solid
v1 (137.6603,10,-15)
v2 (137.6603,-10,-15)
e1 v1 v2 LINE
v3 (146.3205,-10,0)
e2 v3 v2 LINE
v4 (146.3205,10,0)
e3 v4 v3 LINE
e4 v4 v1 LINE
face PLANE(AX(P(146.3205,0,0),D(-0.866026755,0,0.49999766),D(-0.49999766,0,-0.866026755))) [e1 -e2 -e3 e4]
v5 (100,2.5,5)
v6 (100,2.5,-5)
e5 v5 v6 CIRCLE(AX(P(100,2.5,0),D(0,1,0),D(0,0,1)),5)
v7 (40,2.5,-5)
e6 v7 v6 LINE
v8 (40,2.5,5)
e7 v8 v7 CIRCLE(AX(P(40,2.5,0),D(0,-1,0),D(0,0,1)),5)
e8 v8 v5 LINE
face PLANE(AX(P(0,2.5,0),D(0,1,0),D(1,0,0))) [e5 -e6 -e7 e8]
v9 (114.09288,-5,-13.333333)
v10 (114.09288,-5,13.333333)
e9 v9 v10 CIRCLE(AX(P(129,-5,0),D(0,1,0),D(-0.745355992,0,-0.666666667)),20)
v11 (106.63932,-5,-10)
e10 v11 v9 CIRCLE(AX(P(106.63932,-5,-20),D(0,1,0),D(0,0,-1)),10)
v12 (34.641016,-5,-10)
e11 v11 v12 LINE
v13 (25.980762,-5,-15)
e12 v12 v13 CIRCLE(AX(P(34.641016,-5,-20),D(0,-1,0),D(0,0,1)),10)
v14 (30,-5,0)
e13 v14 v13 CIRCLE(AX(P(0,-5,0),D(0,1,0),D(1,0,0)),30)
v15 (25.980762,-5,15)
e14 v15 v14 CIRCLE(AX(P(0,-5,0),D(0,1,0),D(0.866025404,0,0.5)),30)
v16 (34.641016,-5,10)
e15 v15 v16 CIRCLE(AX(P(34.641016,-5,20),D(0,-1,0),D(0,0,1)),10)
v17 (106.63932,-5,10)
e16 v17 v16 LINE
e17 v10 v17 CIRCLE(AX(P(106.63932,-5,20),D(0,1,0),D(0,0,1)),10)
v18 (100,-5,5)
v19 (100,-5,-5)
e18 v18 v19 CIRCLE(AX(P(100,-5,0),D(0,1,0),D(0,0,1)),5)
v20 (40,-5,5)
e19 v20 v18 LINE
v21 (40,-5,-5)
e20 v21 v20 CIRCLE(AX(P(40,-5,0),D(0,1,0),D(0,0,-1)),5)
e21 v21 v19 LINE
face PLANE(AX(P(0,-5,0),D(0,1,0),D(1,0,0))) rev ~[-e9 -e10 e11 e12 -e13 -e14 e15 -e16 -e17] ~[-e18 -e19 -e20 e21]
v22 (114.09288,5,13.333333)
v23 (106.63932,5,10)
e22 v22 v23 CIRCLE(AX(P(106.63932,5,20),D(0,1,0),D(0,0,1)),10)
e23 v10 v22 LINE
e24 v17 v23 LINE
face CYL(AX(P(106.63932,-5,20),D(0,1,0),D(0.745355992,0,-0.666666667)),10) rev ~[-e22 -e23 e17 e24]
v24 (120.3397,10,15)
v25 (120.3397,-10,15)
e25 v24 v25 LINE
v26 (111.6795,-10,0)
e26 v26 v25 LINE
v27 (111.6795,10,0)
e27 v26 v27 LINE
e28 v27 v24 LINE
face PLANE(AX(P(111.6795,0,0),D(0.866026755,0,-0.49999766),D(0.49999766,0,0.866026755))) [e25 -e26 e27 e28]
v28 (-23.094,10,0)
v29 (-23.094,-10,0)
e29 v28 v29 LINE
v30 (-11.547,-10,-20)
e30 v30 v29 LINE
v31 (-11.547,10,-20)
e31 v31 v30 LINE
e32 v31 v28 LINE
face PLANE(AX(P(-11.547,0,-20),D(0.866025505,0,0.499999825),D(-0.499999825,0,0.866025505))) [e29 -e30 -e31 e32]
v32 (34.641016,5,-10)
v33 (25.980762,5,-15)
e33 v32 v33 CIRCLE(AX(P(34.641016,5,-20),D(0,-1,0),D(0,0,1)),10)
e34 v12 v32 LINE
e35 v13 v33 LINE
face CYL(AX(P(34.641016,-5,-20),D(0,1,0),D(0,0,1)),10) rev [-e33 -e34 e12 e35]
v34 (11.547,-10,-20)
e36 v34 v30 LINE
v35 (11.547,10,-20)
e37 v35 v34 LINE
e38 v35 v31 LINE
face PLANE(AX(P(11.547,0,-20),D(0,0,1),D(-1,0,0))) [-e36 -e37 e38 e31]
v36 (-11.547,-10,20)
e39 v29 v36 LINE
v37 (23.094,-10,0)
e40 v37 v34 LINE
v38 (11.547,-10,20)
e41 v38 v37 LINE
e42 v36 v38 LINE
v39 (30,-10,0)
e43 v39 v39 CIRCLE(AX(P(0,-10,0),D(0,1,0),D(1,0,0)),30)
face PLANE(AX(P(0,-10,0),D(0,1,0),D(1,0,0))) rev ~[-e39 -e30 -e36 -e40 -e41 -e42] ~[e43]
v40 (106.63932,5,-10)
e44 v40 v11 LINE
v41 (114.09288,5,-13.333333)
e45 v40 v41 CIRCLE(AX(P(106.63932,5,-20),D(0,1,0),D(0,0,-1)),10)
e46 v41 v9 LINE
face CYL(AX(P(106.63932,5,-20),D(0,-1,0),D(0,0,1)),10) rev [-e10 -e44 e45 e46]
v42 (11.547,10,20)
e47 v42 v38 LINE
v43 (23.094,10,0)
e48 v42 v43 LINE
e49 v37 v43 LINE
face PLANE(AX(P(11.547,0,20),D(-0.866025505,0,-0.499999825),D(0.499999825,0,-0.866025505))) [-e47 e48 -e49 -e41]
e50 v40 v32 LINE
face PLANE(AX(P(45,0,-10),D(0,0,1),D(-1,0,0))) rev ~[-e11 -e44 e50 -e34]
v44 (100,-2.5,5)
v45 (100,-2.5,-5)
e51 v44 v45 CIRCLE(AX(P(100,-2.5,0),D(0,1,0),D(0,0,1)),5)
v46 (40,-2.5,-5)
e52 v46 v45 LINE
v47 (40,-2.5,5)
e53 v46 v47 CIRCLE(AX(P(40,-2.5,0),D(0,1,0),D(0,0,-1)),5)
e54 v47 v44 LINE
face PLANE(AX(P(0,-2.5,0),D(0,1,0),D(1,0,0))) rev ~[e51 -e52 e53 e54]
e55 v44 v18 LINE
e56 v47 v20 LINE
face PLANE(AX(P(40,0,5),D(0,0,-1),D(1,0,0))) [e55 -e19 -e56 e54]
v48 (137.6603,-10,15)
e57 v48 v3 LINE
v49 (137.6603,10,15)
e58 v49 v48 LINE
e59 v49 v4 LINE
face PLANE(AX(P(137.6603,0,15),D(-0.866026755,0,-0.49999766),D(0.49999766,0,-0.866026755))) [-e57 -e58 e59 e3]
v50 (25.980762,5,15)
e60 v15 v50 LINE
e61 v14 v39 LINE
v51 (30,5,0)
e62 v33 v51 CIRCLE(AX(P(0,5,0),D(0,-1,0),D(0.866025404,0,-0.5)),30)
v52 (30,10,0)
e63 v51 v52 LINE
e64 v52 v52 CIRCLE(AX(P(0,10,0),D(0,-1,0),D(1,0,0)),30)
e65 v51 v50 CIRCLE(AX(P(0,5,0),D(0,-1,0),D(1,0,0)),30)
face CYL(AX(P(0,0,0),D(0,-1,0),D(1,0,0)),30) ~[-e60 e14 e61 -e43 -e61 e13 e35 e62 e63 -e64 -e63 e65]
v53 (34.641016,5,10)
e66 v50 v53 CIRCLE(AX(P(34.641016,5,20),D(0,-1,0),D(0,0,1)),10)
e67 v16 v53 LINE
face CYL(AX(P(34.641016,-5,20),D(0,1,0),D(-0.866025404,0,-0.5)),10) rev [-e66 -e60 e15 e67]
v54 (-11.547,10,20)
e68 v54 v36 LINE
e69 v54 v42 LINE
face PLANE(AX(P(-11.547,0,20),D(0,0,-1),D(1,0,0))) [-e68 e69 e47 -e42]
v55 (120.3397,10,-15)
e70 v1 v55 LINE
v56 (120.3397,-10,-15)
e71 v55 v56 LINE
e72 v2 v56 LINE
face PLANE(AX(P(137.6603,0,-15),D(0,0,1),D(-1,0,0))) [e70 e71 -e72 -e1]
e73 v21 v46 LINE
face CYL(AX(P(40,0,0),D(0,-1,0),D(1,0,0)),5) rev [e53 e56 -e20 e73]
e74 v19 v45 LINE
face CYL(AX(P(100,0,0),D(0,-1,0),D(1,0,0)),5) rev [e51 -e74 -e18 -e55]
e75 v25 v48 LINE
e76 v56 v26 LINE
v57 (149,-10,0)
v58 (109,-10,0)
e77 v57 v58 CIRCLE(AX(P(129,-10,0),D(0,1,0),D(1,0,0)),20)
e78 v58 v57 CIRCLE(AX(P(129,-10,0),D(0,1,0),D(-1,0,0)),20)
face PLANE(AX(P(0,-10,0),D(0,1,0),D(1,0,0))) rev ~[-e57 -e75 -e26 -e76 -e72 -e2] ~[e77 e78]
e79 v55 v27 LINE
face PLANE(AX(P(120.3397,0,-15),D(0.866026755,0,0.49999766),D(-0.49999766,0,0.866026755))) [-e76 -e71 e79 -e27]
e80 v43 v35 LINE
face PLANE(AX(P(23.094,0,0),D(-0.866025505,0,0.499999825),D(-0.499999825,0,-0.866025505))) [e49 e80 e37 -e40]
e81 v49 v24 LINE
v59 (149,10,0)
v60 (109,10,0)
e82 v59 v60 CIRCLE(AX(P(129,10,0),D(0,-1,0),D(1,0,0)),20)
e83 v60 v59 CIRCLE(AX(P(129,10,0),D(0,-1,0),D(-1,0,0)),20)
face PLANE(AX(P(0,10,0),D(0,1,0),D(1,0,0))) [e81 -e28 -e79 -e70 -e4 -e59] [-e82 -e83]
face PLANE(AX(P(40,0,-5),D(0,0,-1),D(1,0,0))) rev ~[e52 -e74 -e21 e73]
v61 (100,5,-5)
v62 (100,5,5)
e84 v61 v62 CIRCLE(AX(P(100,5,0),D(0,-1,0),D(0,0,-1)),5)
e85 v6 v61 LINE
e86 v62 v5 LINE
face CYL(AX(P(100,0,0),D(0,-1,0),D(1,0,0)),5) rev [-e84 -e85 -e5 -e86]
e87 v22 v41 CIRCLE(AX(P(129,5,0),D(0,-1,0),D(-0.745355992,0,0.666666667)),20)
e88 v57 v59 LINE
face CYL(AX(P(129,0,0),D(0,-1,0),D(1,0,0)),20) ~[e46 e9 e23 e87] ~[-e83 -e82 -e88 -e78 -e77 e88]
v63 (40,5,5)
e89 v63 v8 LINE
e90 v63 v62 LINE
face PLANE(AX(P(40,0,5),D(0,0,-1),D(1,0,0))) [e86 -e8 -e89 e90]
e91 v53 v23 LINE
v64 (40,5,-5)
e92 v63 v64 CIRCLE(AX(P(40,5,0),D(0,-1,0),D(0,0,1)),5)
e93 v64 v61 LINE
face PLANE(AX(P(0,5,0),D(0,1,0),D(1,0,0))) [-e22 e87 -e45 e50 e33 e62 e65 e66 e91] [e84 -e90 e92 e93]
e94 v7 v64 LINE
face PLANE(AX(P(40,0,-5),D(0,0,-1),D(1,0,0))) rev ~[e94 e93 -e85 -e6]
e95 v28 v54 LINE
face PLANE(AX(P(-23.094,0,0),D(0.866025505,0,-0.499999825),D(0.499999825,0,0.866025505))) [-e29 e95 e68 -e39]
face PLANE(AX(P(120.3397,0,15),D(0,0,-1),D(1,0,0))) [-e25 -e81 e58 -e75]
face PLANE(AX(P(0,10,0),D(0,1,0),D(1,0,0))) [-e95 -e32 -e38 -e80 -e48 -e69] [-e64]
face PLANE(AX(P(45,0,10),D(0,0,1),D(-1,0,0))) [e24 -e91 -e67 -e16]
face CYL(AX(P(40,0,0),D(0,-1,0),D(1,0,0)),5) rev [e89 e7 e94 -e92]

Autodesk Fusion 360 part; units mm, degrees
sketch "Sketch1" plane through (0, 0, 0) normal (0, 1, 0) x (1, 0, 0)
  line L0 (0, 0) -> (129, 0)
  line L1 (11.547, -20) -> (23.094, 0)
  line L2 (23.094, 0) -> (11.547, 20)
  line L3 (11.547, 20) -> (-11.547, 20)
  line L4 (-11.547, 20) -> (-23.094, 0)
  line L5 (-23.094, 0) -> (-11.547, -20)
  line L6 (-11.547, -20) -> (11.547, -20)
  circle A0 centre (0, 0) radius 30
  circle A1 centre (129, 0) radius 20
  line L7 (129, 0) -> (129, -15)
  line L8 (137.6603, -15) -> (146.3205, 0)
  line L9 (146.3205, 0) -> (137.6603, 15)
  line L10 (137.6603, 15) -> (120.3397, 15)
  line L11 (120.3397, 15) -> (111.6795, 0)
  line L12 (111.6795, 0) -> (120.3397, -15)
  line L13 (120.3397, -15) -> (137.6603, -15)
  line L14 (45, 10) -> (111.6795, 10)
  line L15 (45, 10) -> (28.2843, 10)
  line L16 (45, -10) -> (28.2843, -10)
  line L17 (45, -10) -> (111.6795, -10)
  line L18 (40, -5) -> (109.6351, -5)
  line L19 (40, -5) -> (29.5804, -5)
  line L20 (40, 5) -> (109.6351, 5)
  line L21 (40, 5) -> (29.5804, 5)
  circle A2 centre (40, 0) radius 5
  circle A3 centre (100, 0) radius 5
  point P0 (129, 0)
  dimension "d1" = 129
  dimension "d3" = 60
  dimension "d4" = 40
  dimension "d5" = 15
  dimension "d9" = 20
  dimension "d10" = 10
  dimension "d11" = 10
extrude "Extrude1" add sketch "Sketch1" along normal mid plane 10 contours L0 A0 L21 A2 | L0 A0 L19 A2 | A0 A1 L14 L15 L20 L21 | A0 A1 L16 L17 L18 L19 | L0 A1 L20 A3 | L0 A1 L18 A3
extrude "Extrude2" add sketch "Sketch1" along normal mid plane 5 contours L0 A2 | L0 A2 | L0 L20 A2 A3 | L0 L18 A2 A3 | L0 A3 | L0 A3
extrude "Extrude3" add sketch "Sketch1" along normal mid plane 20 contours A0 | A1
fillet "Fillet1" radius 10 4 edges at (28.2843, 0, 10) (111.6795, 0, 10) (28.2843, 0, -10) (111.6795, 0, -10)
